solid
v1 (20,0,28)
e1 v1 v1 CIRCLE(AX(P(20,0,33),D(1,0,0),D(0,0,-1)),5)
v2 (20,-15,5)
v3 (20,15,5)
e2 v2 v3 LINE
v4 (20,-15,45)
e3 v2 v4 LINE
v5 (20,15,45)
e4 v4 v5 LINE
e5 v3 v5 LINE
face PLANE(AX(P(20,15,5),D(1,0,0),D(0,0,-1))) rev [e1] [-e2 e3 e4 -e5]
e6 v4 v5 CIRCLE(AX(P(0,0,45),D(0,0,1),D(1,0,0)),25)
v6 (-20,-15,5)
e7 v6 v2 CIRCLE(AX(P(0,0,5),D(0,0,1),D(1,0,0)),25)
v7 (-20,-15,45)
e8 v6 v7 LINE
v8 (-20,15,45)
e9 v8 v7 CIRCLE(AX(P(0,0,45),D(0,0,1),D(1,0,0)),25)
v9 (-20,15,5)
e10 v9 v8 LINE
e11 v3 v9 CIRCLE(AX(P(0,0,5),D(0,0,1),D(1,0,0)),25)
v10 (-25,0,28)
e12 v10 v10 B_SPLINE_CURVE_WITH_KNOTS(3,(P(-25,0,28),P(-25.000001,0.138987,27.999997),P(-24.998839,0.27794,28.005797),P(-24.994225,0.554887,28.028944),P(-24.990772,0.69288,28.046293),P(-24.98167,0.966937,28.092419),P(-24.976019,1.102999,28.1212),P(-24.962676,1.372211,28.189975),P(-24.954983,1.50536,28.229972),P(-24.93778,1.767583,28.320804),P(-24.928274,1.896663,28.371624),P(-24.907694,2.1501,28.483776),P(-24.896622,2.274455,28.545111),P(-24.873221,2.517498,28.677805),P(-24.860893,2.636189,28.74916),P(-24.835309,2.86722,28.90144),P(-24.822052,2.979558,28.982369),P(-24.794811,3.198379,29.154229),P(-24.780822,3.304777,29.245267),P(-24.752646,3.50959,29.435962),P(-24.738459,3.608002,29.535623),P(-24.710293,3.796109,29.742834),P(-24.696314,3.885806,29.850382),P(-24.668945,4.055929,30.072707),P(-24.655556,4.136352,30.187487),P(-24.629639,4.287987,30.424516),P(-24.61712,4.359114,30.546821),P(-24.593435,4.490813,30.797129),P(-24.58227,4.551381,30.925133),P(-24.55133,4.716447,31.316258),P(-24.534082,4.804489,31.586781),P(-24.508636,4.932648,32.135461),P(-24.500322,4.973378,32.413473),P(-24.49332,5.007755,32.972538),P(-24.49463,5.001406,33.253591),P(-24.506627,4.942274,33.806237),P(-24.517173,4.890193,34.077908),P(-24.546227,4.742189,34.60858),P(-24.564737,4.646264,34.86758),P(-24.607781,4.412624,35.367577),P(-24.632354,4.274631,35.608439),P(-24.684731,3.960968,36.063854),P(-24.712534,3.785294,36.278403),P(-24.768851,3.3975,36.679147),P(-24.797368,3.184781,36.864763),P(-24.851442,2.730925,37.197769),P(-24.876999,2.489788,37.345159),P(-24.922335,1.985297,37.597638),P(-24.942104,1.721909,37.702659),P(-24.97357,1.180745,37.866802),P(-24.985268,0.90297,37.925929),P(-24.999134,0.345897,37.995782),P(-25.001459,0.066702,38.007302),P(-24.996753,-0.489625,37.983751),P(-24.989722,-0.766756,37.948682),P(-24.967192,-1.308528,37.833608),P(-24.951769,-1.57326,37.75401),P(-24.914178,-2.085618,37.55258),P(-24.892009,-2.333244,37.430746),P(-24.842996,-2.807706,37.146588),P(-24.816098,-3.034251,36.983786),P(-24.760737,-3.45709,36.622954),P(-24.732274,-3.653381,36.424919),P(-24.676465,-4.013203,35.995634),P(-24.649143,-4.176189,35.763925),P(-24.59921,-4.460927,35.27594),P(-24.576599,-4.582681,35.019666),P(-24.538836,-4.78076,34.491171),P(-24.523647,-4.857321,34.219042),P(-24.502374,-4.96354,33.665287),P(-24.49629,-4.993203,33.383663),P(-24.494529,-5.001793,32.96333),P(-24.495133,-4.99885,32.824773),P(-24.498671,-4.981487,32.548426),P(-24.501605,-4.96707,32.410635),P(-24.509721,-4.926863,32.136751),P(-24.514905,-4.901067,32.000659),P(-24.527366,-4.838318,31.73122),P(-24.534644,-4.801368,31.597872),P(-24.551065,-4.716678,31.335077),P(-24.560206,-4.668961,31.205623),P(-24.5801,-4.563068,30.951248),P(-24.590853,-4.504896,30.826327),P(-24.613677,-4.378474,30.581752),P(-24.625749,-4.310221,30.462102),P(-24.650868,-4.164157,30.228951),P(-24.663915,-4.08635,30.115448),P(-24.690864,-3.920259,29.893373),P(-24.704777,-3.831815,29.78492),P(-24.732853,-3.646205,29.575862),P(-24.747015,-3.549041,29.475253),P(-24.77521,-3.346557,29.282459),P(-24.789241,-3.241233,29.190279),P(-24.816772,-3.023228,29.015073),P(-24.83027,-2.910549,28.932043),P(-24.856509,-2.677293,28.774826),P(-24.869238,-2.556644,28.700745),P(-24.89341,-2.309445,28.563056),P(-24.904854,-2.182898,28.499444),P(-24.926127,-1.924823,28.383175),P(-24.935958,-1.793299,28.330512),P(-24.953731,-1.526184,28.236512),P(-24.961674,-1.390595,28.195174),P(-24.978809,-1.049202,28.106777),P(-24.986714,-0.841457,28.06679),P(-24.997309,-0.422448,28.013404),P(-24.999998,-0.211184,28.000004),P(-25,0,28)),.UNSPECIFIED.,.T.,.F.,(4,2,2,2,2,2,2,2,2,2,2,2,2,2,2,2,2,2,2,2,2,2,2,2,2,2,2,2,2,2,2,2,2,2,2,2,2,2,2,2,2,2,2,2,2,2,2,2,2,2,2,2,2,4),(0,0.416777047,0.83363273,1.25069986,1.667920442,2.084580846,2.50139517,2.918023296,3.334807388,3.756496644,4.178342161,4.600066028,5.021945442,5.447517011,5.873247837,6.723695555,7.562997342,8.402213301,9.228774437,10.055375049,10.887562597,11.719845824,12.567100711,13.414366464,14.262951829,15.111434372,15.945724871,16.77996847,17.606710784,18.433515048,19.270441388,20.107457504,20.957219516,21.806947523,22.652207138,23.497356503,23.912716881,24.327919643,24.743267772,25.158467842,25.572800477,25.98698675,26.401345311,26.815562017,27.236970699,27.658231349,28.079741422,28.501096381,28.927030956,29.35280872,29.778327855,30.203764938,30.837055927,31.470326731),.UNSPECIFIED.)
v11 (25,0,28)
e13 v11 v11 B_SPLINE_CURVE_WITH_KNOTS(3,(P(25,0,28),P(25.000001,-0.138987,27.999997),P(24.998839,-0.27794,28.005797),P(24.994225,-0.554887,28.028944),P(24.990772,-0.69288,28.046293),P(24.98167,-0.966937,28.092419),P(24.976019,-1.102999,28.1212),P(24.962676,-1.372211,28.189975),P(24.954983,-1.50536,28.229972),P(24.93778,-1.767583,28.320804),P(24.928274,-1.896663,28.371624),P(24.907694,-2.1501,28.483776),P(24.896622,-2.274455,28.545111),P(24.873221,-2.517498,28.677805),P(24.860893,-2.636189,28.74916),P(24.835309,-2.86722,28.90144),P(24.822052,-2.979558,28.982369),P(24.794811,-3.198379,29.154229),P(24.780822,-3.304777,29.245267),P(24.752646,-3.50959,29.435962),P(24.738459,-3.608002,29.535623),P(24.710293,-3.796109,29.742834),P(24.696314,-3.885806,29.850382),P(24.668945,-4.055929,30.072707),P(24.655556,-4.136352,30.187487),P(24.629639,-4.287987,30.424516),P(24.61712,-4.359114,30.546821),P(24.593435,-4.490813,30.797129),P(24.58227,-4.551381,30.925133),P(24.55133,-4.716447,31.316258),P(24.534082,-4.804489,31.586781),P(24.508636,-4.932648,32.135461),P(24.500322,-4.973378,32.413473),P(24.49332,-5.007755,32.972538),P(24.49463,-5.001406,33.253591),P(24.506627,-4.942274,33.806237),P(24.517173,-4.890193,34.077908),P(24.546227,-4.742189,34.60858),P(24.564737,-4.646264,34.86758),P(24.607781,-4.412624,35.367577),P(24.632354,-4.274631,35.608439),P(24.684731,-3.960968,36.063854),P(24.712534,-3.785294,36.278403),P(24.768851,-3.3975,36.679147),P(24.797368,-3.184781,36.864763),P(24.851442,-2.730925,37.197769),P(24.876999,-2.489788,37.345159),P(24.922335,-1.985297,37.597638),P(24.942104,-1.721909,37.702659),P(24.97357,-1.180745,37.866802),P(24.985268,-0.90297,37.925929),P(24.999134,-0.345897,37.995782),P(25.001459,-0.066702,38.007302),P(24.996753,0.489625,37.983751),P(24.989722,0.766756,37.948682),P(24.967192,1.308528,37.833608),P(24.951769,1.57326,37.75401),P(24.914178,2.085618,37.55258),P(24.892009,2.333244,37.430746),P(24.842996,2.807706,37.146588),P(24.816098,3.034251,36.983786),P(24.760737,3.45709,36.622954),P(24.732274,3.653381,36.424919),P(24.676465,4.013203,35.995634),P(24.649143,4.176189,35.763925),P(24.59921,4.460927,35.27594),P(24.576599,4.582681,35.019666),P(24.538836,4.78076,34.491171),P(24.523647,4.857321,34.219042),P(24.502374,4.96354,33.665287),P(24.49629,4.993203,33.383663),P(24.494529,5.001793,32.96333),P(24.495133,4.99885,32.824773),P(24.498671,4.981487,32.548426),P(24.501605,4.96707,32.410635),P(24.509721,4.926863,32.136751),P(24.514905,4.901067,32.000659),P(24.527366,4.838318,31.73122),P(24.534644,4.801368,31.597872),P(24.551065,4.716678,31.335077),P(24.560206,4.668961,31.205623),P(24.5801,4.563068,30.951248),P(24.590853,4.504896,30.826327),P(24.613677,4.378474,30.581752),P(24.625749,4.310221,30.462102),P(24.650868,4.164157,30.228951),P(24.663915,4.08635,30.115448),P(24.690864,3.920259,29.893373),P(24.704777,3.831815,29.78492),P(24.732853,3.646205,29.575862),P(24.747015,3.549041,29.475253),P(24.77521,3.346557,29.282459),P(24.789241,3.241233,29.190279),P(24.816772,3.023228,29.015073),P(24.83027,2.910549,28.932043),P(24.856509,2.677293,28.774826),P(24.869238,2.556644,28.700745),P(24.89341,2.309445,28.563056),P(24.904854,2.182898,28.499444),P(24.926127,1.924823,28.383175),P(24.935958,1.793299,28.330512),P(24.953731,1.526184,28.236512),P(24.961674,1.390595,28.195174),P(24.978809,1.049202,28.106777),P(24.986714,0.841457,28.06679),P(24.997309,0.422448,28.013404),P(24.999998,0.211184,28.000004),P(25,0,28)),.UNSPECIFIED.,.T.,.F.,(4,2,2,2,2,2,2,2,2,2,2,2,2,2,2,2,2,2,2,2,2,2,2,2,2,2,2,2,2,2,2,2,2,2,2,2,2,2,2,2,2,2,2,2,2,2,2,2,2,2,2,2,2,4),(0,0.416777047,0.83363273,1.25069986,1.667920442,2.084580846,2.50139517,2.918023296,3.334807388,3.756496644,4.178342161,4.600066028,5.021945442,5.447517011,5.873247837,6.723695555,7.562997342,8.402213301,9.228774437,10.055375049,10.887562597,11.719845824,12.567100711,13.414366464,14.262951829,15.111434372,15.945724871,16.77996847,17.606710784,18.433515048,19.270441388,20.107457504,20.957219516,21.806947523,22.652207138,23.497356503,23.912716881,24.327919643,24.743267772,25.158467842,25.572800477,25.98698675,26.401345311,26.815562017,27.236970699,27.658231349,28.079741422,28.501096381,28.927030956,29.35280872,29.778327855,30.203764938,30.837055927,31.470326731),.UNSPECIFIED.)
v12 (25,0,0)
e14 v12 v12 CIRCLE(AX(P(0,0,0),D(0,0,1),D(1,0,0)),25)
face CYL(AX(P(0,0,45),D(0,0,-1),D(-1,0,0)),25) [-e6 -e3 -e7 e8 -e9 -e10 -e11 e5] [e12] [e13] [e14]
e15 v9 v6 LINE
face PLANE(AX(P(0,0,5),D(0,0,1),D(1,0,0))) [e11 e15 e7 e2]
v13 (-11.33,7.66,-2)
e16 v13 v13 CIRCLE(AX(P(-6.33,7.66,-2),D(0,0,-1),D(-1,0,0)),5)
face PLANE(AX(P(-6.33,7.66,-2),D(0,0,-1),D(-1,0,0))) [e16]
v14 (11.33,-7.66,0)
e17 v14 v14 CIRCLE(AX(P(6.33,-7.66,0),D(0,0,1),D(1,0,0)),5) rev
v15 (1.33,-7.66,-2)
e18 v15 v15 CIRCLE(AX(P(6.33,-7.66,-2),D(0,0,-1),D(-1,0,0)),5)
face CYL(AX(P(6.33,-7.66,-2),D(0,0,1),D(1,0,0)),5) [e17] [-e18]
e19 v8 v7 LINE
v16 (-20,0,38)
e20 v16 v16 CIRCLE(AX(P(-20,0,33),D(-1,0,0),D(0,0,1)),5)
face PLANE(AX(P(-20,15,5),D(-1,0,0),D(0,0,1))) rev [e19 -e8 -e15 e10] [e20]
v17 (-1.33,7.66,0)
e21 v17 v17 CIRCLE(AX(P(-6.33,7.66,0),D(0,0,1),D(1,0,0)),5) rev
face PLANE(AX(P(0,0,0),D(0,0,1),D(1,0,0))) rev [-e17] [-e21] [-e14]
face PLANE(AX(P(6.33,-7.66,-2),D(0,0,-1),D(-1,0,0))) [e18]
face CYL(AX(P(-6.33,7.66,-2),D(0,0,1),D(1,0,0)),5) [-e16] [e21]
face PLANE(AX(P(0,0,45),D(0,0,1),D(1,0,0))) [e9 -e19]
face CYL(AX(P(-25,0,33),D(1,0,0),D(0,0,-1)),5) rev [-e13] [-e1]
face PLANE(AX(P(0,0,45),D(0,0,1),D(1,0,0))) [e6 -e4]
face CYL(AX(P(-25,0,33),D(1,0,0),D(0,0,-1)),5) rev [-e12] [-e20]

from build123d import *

# Parameters (mm, degrees)
SKETCH1_R               = 25
BOSS_EXTRUDE1_DEPTH     = 45
CUT_EXTRUDE1_START      = -40
CUT_EXTRUDE1_DEPTH      = 40
SKETCH3_R               = 5
BOSS_EXTRUDE2_DEPTH     = 2
CUT_EXTRUDE2_DEPTH      = 69.373971656
CUT_EXTRUDE2_DEPTH_BACK = 69.373971656
SKETCH4_R               = 5


with BuildPart() as part:
    # Sketch1 → Boss-Extrude1 (new body)
    with BuildSketch(Plane.XY):
        with Locations(Location((0, 0, 0), (0, 0, 180))):
            Circle(SKETCH1_R)
    extrude(amount=BOSS_EXTRUDE1_DEPTH)

    # Sketch2 → Cut-Extrude1 (cut)
    with BuildSketch(Plane.XY.offset(45).offset(CUT_EXTRUDE1_START)):
        with BuildLine():
            Line((-20, 15), (-20, -15))
            ThreePointArc((-20, -15), (0, -25), (20, -15))
            Line((20, -15), (20, 15))
            ThreePointArc((20, 15), (0, 25), (-20, 15))
        make_face()
    extrude(amount=CUT_EXTRUDE1_DEPTH, mode=Mode.SUBTRACT)

    # Sketch3 → Boss-Extrude2 (add)
    with BuildSketch(Plane(origin=(0, 0, 0), x_dir=(-1, 0, 0), z_dir=(0, 0, -1))):
        with Locations(Location((6.33, 7.66, 0), (0, 0, 180))):
            Circle(SKETCH3_R)
        with Locations(Location((-6.33, -7.66, 0), (0, 0, 180))):
            Circle(SKETCH3_R)
    extrude(amount=BOSS_EXTRUDE2_DEPTH)

    # Sketch4 → Cut-Extrude2 (cut, two sides: drawn at the far end of the back side and taken through both)
    with BuildSketch(Plane(origin=(-20, 0, 0), x_dir=(0, 0, -1), z_dir=(1, 0, 0)).offset(-CUT_EXTRUDE2_DEPTH_BACK)):
        with Locations((-33, 0)):
            Circle(SKETCH4_R)
    extrude(amount=CUT_EXTRUDE2_DEPTH + CUT_EXTRUDE2_DEPTH_BACK, mode=Mode.SUBTRACT)


solid = part.part
